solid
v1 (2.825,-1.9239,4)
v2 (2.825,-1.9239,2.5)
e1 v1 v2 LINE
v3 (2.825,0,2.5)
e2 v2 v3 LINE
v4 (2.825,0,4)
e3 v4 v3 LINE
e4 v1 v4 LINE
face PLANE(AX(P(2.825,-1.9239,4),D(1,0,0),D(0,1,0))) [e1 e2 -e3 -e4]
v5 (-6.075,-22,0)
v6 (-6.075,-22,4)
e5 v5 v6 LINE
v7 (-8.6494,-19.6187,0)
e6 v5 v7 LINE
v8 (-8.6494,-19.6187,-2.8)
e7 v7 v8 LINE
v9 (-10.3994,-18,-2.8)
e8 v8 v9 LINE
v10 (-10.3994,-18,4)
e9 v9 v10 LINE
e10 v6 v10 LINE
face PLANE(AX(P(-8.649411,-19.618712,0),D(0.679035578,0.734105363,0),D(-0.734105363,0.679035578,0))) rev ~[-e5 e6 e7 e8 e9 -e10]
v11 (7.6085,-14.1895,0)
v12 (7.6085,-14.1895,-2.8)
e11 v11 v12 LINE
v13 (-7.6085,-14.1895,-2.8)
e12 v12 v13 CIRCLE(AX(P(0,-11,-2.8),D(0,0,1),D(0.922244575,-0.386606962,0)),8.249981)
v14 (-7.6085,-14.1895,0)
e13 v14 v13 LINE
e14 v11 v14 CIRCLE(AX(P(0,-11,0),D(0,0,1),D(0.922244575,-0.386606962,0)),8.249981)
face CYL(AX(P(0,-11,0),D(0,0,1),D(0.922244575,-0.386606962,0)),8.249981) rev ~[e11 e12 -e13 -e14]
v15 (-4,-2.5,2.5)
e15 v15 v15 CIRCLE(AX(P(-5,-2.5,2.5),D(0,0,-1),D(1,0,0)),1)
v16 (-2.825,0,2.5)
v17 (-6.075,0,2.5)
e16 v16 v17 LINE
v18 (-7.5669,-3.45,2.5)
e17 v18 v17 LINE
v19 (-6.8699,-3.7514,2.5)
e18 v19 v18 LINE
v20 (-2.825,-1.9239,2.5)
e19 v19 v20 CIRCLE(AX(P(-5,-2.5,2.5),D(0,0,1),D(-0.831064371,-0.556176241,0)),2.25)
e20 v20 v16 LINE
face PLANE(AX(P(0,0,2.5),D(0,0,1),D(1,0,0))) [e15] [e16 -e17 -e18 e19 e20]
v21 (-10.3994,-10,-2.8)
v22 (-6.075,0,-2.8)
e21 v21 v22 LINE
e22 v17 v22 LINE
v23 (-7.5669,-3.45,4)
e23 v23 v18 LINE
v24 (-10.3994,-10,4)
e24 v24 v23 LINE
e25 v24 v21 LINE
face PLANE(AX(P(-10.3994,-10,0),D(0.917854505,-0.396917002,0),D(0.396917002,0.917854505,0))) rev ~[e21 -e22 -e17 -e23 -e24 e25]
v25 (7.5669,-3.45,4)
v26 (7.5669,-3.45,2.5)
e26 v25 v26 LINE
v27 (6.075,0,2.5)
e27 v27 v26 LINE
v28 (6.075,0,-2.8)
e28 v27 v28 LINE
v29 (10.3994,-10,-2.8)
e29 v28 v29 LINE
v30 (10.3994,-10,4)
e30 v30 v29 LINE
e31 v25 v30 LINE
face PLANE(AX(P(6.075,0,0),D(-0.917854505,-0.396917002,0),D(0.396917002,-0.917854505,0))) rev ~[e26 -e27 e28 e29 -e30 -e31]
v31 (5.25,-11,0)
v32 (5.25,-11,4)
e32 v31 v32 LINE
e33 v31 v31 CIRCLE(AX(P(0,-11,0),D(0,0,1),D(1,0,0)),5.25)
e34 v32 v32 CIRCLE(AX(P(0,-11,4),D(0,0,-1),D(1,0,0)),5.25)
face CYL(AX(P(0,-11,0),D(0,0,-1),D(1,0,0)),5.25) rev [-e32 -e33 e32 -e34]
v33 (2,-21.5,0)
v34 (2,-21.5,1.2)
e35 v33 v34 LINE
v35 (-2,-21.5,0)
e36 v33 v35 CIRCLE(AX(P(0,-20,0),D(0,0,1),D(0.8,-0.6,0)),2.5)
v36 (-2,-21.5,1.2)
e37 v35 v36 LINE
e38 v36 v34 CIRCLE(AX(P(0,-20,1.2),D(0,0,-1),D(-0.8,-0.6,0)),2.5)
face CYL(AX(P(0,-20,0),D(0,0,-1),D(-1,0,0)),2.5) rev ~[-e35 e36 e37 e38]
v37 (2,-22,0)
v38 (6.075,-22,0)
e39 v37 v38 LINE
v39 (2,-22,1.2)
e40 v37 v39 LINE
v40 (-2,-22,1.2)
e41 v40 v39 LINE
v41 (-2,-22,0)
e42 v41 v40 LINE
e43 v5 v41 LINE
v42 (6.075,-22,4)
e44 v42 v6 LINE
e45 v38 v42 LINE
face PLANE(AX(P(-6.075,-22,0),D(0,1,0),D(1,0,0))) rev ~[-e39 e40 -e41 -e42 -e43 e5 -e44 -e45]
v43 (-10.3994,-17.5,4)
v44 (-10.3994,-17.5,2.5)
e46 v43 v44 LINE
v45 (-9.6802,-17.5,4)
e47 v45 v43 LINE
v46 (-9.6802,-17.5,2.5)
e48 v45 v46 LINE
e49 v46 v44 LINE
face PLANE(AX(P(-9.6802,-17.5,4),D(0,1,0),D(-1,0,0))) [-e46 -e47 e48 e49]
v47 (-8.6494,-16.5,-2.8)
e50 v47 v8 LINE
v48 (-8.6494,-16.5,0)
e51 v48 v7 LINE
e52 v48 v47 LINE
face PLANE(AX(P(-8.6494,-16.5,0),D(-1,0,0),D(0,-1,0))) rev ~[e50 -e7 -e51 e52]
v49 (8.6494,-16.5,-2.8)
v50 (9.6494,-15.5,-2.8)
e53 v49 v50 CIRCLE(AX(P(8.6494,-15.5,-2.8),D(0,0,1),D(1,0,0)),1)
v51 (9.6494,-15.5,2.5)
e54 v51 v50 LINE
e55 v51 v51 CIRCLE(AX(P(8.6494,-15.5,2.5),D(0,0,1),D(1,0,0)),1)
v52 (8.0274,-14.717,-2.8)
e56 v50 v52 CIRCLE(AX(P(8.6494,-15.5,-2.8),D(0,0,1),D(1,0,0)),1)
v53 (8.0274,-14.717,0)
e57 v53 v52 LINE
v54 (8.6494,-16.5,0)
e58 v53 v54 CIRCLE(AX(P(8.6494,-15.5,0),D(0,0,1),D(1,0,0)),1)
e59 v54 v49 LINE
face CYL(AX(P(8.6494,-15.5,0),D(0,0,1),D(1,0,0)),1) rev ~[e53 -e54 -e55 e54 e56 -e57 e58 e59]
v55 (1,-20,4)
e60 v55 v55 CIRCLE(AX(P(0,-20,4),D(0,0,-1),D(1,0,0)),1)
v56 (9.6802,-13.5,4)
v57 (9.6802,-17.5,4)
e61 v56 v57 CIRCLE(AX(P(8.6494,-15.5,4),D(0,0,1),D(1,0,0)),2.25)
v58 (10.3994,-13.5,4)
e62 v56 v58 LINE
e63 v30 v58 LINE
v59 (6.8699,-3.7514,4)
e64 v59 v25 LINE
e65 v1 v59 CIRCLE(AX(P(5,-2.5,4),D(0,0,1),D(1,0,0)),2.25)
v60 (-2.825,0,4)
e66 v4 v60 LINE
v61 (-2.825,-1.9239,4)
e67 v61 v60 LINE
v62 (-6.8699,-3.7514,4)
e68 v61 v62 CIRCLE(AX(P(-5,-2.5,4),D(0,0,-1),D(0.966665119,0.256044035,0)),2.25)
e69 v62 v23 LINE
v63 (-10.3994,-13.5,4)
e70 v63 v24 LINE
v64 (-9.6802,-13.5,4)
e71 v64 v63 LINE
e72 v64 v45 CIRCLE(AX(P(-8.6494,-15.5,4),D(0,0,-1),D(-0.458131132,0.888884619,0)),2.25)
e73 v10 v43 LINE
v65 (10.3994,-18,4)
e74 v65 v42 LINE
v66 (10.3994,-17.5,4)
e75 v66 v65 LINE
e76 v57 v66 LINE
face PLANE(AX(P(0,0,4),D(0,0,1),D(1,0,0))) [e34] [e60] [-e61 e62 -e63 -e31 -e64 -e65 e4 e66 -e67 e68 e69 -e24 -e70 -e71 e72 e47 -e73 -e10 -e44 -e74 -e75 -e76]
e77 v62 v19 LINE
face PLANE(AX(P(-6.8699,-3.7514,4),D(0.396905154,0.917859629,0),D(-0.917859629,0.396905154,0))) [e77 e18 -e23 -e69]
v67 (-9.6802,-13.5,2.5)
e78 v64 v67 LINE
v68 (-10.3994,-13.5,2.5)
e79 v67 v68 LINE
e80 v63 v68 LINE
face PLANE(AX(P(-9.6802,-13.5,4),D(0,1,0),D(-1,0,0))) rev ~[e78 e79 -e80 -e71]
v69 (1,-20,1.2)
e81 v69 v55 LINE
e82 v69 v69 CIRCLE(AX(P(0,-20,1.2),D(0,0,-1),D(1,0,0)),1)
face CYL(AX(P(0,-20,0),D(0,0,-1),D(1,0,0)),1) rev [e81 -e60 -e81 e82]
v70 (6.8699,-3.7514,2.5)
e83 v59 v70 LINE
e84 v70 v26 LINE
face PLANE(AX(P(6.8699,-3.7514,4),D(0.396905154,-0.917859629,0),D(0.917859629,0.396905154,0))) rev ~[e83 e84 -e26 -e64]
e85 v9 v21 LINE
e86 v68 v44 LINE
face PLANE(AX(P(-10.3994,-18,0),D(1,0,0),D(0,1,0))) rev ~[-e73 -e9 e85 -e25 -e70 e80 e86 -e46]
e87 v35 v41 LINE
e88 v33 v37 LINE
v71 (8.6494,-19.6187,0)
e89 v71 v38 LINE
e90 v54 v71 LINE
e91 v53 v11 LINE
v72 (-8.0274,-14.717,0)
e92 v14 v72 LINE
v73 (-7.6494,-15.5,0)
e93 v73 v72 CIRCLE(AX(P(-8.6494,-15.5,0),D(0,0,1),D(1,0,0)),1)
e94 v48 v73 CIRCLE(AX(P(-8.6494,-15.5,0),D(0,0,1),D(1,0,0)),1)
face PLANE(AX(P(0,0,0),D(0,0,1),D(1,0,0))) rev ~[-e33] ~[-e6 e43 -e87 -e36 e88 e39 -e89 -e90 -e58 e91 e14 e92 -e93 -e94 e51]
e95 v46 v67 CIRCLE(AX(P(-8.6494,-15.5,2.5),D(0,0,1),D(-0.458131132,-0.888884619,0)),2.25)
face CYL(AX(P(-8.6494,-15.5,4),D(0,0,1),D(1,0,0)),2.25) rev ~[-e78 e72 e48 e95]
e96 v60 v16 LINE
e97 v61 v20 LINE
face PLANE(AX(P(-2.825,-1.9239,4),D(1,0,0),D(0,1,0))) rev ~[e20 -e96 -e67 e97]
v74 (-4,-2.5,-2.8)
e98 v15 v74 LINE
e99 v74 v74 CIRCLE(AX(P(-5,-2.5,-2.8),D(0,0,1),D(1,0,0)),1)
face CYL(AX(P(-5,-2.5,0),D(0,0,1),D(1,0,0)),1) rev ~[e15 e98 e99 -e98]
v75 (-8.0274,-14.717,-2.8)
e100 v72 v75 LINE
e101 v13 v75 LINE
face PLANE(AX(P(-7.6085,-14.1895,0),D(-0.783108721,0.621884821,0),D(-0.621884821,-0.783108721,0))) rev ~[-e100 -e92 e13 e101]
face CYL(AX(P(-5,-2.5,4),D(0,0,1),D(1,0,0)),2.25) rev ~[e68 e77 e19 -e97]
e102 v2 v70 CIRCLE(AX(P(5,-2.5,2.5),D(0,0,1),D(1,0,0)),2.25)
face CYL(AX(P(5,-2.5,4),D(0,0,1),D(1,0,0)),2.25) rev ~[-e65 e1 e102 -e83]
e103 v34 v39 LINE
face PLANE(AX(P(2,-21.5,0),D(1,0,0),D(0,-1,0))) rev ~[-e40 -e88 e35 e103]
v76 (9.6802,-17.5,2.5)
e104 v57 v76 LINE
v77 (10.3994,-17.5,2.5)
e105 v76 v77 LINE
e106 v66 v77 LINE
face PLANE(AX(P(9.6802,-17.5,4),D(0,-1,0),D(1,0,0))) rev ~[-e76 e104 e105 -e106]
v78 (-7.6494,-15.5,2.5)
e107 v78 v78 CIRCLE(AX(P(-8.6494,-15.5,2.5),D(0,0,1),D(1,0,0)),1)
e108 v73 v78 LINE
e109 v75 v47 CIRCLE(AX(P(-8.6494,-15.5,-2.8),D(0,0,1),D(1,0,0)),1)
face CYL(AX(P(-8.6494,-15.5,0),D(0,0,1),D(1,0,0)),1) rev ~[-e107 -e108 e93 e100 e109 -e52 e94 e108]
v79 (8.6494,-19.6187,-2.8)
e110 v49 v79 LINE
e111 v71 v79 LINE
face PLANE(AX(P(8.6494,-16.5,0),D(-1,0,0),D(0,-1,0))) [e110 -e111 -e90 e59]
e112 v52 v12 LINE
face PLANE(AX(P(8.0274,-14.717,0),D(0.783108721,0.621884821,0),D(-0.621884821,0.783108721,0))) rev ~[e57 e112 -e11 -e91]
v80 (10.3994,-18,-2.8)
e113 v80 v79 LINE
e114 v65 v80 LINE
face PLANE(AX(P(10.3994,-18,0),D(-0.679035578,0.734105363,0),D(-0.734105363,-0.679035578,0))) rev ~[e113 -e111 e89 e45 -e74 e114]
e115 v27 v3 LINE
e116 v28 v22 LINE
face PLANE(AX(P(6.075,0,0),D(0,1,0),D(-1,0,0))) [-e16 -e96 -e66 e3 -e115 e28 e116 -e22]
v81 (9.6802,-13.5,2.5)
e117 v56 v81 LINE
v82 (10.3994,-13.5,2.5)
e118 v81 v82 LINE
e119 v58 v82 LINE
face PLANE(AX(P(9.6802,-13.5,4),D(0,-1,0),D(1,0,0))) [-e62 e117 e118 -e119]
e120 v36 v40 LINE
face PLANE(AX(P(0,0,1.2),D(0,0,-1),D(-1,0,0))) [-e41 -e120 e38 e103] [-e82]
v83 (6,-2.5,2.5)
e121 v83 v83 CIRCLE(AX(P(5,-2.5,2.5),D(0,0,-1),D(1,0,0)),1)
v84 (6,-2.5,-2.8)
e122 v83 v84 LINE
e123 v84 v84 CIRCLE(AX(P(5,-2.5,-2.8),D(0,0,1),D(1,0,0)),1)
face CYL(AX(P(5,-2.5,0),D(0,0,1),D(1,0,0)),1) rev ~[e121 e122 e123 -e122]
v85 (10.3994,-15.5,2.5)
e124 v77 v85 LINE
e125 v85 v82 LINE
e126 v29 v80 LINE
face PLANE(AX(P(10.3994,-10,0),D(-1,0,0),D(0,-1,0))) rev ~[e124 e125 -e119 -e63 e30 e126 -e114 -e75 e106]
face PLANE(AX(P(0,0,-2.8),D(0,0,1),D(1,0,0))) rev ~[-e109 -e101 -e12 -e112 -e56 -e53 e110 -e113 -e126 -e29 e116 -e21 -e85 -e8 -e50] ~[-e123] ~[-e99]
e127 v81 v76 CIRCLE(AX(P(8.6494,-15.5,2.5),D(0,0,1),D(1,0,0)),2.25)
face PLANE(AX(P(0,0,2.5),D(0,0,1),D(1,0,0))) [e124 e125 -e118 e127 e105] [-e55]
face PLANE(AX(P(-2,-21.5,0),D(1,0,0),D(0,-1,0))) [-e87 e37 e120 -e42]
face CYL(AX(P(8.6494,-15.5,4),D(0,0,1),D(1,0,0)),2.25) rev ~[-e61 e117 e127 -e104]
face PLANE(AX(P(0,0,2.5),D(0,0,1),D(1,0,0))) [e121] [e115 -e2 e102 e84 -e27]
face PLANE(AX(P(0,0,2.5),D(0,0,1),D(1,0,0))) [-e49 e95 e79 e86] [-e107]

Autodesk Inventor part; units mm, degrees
ref_plane "YZ Plane" through (0, 0, 0) normal (1, 0, 0) x (0, 1, 0)
ref_plane "XZ Plane" through (0, 0, 0) normal (0, 1, 0) x (-1, 0, 0)
ref_plane "Work Plane1" through (0, 0, 0) normal (0, 0, 1) x (1, 0, 0)
sketch "Sketch1" plane through (0, 0, 0) normal (0, 0, 1) x (1, 0, 0)
  line L0 (-6.075, -22) -> (6.075, -22) projected
  line L1 (-6.075, -22) -> (-10.3994, -18) projected
  line L2 (-10.3994, -18) -> (-10.3994, -10) projected
  line L3 (-10.3994, -10) -> (-6.075, 0) projected
  line L4 (6.075, 0) -> (-6.075, 0) projected
  line L5 (6.075, 0) -> (10.3994, -10) projected
  line L6 (10.3994, -10) -> (10.3994, -18) projected
  line L7 (10.3994, -18) -> (6.075, -22) projected
  circle A0 centre (0, -11) radius 3.4 projected
  circle A1 centre (0, -20) radius 1 projected
  circle A2 centre (8.6494, -15.5) radius 1 projected
  circle A3 centre (-8.6494, -15.5) radius 1 projected
  circle A4 centre (0, -20) radius 2.5
  line L8 (-2, -21.5) -> (-2, -22)
  line L9 (2, -21.5) -> (2, -22)
  line L10 (0, -20) -> (0, -22) construction
  circle A5 centre (0, -11) radius 5.25
  line L11 (0, 4.5) -> (0, -27) projected
  circle A6 centre (-5, -2.5) radius 1 projected
  circle A7 centre (5, -2.5) radius 1 projected
  point P0 (0, 0)
  dimension "d0" = 5
  dimension "d1" = 4
  dimension "d2" = 10.5
extrude "ext_main" add sketch "Sketch1" along normal blind 4 contours L1 L2 L3 L4 L11 A5 A4 L8 L0 | L8 A4 L0 | A4 L11 A1 L0 | L11 A1 A4 L0 | L11 A5 L4 L5 L6 L7 L0 L9 A4 | A4 L9 L0
sketch "Sketch2" plane through (0, 0, 0) normal (0, 0, -1) x (-1, 0, 0)
  circle A0 centre (0, -20) radius 2.5 projected
  line L0 (-2, -21.5) -> (-2, -22) projected
  line L1 (2, -21.5) -> (2, -22) projected
  line L2 (-2, -22) -> (2, -22)
extrude "ext_cut_gearhousing" cut sketch "Sketch2" against normal blind 1.2
sketch "Sketch3" plane through (0, 0, 0) normal (0, 0, 1) x (1, 0, 0)
  line L0 (-10.3994, -18) -> (-10.3994, -10) projected
  line L1 (-6.075, -22) -> (-10.3994, -18) projected
  line L2 (-6.075, -22) -> (6.075, -22) projected
  line L3 (10.3994, -18) -> (6.075, -22) projected
  line L4 (10.3994, -10) -> (10.3994, -18) projected
  line L5 (6.075, 0) -> (10.3994, -10) projected
  line L6 (6.075, 0) -> (-6.075, 0) projected
  line L7 (-10.3994, -10) -> (-6.075, 0) projected
  circle A0 centre (-8.6494, -15.5) radius 1 projected
  circle A1 centre (8.6494, -15.5) radius 1 projected
  circle A2 centre (0, -20) radius 1 projected
  circle A3 centre (0, -11) radius 3.4 projected
  circle A4 centre (0, -20) radius 8 construction
  circle A5 centre (5.075, -11) radius 1 projected
  circle A6 centre (-5.075, -11) radius 1 projected
  circle A7 centre (-5.075, -11) radius 3 construction
  circle A8 centre (5.075, -11) radius 3 construction
  line L8 (-8.6494, -16.5) -> (-8.6494, -19.6187)
  line L9 (-5.075, -11) -> (-8.6494, -15.5) construction
  line L10 (5.075, -11) -> (8.6494, -15.5) construction
  line L11 (8.6494, -15.5) -> (8.6494, -19.6187) construction
  line L12 (8.6494, -16.5) -> (8.6494, -19.6187)
  arc A9 (-8.0274, -14.717) -> (-8.6494, -16.5) centre (-8.6494, -15.5) ccw
  arc A10 (8.6494, -16.5) -> (8.0274, -14.717) centre (8.6494, -15.5) ccw
  line L13 (-8.6494, -19.6187) -> (-10.3994, -18)
  line L14 (10.3994, -18) -> (8.6494, -19.6187)
  circle A11 centre (0, -11) radius 8.25 construction
  line L15 (-7.6085, -14.1895) -> (-8.0274, -14.717)
  line L16 (8.0274, -14.717) -> (7.6085, -14.1895)
  circle A12 centre (-5, -2.5) radius 1 projected
  circle A13 centre (5, -2.5) radius 1 projected
  arc A14 (7.6085, -14.1895) -> (-7.6085, -14.1895) centre (0, -11) ccw
  point P0 (-6.9409, -13.3491)
  point P1 (5.075, -8)
  point P2 (-5.075, -8)
  point P3 (6.9409, -13.3491)
  dimension "d7" = 16
  dimension "d8" = 6
  dimension "d20" = 16.5
ref_plane "Work Plane2" through (-10.3994, -22, -2.8) normal (0, 0, 1) x (1, 0, 0)
extrude "ext_base" add sketch "Sketch3" against normal up to surface (2.8 mm away) contours L0 L7 L6 L5 L4 L3 L12 A1 L16 A14 L15 A0 L8 L1
sketch "Sketch4" plane through (0, 0, 4) normal (0, 0, 1) x (1, 0, 0)
  circle A0 centre (8.6494, -15.5) radius 1 projected
  circle A1 centre (-8.6494, -15.5) radius 1 projected
  line L0 (10.3994, -18) -> (10.3994, -10) projected
  line L1 (-10.3994, -10) -> (-10.3994, -18) projected
  circle A2 centre (-8.6494, -15.5) radius 2.25
  circle A3 centre (8.6494, -15.5) radius 2.25
  line L2 (-9.6802, -13.5) -> (-10.3994, -13.5)
  line L3 (-9.6802, -17.5) -> (-10.3994, -17.5)
  line L4 (-8.6494, -15.5) -> (-10.3994, -15.5) construction
  line L5 (8.6494, -15.5) -> (10.3994, -15.5)
  line L6 (9.6802, -13.5) -> (10.3994, -13.5)
  line L7 (9.6802, -17.5) -> (10.3994, -17.5)
  circle A4 centre (-5, -2.5) radius 1 projected
  circle A5 centre (5, -2.5) radius 1 projected
  line L8 (10.3994, -10) -> (6.075, 0) projected
  line L9 (6.075, 0) -> (-6.075, 0) projected
  line L10 (-6.075, 0) -> (-10.3994, -10) projected
  circle A6 centre (-5, -2.5) radius 2.25
  circle A7 centre (5, -2.5) radius 2.25
  line L11 (-2.825, -1.9239) -> (-2.825, 0)
  line L12 (-6.8699, -3.7514) -> (-7.5669, -3.45)
  line L13 (0, 4.4) -> (0, -26.4) projected
  line L14 (2.825, -1.9239) -> (2.825, 0)
  line L15 (6.8699, -3.7514) -> (7.5669, -3.45)
  point P0 (0, 0)
  dimension "d11" = 4.5
  dimension "d12" = 4
  dimension "d13" = 4
  dimension "d18" = 3.25
  dimension "d19" = 3.45
extrude "ext_cut_screwheads" cut sketch "Sketch4" against normal blind 1.5 contours L0 A3 | L2 A2 L1 | L11 A6 L10 L9 | L15 A7 L8 | L0 L7 A3 | A3 L6 L0 | A7 L8 | L8 A7 | A7 L14 L9 L8 | A6 L10 | L10 A6 | A6 L12 L10 | A2 L1 | A2 L3 L1 | A4 | A5 picked at (10.1112, -14.8737) picked at (-10.1494, -15.5)
equation "\"d11\" = screw_m2_head_maxsize"
equation "\"screw_m2_head_maxsize\" = 4.5"
properties part number "linact_thumb_front"
